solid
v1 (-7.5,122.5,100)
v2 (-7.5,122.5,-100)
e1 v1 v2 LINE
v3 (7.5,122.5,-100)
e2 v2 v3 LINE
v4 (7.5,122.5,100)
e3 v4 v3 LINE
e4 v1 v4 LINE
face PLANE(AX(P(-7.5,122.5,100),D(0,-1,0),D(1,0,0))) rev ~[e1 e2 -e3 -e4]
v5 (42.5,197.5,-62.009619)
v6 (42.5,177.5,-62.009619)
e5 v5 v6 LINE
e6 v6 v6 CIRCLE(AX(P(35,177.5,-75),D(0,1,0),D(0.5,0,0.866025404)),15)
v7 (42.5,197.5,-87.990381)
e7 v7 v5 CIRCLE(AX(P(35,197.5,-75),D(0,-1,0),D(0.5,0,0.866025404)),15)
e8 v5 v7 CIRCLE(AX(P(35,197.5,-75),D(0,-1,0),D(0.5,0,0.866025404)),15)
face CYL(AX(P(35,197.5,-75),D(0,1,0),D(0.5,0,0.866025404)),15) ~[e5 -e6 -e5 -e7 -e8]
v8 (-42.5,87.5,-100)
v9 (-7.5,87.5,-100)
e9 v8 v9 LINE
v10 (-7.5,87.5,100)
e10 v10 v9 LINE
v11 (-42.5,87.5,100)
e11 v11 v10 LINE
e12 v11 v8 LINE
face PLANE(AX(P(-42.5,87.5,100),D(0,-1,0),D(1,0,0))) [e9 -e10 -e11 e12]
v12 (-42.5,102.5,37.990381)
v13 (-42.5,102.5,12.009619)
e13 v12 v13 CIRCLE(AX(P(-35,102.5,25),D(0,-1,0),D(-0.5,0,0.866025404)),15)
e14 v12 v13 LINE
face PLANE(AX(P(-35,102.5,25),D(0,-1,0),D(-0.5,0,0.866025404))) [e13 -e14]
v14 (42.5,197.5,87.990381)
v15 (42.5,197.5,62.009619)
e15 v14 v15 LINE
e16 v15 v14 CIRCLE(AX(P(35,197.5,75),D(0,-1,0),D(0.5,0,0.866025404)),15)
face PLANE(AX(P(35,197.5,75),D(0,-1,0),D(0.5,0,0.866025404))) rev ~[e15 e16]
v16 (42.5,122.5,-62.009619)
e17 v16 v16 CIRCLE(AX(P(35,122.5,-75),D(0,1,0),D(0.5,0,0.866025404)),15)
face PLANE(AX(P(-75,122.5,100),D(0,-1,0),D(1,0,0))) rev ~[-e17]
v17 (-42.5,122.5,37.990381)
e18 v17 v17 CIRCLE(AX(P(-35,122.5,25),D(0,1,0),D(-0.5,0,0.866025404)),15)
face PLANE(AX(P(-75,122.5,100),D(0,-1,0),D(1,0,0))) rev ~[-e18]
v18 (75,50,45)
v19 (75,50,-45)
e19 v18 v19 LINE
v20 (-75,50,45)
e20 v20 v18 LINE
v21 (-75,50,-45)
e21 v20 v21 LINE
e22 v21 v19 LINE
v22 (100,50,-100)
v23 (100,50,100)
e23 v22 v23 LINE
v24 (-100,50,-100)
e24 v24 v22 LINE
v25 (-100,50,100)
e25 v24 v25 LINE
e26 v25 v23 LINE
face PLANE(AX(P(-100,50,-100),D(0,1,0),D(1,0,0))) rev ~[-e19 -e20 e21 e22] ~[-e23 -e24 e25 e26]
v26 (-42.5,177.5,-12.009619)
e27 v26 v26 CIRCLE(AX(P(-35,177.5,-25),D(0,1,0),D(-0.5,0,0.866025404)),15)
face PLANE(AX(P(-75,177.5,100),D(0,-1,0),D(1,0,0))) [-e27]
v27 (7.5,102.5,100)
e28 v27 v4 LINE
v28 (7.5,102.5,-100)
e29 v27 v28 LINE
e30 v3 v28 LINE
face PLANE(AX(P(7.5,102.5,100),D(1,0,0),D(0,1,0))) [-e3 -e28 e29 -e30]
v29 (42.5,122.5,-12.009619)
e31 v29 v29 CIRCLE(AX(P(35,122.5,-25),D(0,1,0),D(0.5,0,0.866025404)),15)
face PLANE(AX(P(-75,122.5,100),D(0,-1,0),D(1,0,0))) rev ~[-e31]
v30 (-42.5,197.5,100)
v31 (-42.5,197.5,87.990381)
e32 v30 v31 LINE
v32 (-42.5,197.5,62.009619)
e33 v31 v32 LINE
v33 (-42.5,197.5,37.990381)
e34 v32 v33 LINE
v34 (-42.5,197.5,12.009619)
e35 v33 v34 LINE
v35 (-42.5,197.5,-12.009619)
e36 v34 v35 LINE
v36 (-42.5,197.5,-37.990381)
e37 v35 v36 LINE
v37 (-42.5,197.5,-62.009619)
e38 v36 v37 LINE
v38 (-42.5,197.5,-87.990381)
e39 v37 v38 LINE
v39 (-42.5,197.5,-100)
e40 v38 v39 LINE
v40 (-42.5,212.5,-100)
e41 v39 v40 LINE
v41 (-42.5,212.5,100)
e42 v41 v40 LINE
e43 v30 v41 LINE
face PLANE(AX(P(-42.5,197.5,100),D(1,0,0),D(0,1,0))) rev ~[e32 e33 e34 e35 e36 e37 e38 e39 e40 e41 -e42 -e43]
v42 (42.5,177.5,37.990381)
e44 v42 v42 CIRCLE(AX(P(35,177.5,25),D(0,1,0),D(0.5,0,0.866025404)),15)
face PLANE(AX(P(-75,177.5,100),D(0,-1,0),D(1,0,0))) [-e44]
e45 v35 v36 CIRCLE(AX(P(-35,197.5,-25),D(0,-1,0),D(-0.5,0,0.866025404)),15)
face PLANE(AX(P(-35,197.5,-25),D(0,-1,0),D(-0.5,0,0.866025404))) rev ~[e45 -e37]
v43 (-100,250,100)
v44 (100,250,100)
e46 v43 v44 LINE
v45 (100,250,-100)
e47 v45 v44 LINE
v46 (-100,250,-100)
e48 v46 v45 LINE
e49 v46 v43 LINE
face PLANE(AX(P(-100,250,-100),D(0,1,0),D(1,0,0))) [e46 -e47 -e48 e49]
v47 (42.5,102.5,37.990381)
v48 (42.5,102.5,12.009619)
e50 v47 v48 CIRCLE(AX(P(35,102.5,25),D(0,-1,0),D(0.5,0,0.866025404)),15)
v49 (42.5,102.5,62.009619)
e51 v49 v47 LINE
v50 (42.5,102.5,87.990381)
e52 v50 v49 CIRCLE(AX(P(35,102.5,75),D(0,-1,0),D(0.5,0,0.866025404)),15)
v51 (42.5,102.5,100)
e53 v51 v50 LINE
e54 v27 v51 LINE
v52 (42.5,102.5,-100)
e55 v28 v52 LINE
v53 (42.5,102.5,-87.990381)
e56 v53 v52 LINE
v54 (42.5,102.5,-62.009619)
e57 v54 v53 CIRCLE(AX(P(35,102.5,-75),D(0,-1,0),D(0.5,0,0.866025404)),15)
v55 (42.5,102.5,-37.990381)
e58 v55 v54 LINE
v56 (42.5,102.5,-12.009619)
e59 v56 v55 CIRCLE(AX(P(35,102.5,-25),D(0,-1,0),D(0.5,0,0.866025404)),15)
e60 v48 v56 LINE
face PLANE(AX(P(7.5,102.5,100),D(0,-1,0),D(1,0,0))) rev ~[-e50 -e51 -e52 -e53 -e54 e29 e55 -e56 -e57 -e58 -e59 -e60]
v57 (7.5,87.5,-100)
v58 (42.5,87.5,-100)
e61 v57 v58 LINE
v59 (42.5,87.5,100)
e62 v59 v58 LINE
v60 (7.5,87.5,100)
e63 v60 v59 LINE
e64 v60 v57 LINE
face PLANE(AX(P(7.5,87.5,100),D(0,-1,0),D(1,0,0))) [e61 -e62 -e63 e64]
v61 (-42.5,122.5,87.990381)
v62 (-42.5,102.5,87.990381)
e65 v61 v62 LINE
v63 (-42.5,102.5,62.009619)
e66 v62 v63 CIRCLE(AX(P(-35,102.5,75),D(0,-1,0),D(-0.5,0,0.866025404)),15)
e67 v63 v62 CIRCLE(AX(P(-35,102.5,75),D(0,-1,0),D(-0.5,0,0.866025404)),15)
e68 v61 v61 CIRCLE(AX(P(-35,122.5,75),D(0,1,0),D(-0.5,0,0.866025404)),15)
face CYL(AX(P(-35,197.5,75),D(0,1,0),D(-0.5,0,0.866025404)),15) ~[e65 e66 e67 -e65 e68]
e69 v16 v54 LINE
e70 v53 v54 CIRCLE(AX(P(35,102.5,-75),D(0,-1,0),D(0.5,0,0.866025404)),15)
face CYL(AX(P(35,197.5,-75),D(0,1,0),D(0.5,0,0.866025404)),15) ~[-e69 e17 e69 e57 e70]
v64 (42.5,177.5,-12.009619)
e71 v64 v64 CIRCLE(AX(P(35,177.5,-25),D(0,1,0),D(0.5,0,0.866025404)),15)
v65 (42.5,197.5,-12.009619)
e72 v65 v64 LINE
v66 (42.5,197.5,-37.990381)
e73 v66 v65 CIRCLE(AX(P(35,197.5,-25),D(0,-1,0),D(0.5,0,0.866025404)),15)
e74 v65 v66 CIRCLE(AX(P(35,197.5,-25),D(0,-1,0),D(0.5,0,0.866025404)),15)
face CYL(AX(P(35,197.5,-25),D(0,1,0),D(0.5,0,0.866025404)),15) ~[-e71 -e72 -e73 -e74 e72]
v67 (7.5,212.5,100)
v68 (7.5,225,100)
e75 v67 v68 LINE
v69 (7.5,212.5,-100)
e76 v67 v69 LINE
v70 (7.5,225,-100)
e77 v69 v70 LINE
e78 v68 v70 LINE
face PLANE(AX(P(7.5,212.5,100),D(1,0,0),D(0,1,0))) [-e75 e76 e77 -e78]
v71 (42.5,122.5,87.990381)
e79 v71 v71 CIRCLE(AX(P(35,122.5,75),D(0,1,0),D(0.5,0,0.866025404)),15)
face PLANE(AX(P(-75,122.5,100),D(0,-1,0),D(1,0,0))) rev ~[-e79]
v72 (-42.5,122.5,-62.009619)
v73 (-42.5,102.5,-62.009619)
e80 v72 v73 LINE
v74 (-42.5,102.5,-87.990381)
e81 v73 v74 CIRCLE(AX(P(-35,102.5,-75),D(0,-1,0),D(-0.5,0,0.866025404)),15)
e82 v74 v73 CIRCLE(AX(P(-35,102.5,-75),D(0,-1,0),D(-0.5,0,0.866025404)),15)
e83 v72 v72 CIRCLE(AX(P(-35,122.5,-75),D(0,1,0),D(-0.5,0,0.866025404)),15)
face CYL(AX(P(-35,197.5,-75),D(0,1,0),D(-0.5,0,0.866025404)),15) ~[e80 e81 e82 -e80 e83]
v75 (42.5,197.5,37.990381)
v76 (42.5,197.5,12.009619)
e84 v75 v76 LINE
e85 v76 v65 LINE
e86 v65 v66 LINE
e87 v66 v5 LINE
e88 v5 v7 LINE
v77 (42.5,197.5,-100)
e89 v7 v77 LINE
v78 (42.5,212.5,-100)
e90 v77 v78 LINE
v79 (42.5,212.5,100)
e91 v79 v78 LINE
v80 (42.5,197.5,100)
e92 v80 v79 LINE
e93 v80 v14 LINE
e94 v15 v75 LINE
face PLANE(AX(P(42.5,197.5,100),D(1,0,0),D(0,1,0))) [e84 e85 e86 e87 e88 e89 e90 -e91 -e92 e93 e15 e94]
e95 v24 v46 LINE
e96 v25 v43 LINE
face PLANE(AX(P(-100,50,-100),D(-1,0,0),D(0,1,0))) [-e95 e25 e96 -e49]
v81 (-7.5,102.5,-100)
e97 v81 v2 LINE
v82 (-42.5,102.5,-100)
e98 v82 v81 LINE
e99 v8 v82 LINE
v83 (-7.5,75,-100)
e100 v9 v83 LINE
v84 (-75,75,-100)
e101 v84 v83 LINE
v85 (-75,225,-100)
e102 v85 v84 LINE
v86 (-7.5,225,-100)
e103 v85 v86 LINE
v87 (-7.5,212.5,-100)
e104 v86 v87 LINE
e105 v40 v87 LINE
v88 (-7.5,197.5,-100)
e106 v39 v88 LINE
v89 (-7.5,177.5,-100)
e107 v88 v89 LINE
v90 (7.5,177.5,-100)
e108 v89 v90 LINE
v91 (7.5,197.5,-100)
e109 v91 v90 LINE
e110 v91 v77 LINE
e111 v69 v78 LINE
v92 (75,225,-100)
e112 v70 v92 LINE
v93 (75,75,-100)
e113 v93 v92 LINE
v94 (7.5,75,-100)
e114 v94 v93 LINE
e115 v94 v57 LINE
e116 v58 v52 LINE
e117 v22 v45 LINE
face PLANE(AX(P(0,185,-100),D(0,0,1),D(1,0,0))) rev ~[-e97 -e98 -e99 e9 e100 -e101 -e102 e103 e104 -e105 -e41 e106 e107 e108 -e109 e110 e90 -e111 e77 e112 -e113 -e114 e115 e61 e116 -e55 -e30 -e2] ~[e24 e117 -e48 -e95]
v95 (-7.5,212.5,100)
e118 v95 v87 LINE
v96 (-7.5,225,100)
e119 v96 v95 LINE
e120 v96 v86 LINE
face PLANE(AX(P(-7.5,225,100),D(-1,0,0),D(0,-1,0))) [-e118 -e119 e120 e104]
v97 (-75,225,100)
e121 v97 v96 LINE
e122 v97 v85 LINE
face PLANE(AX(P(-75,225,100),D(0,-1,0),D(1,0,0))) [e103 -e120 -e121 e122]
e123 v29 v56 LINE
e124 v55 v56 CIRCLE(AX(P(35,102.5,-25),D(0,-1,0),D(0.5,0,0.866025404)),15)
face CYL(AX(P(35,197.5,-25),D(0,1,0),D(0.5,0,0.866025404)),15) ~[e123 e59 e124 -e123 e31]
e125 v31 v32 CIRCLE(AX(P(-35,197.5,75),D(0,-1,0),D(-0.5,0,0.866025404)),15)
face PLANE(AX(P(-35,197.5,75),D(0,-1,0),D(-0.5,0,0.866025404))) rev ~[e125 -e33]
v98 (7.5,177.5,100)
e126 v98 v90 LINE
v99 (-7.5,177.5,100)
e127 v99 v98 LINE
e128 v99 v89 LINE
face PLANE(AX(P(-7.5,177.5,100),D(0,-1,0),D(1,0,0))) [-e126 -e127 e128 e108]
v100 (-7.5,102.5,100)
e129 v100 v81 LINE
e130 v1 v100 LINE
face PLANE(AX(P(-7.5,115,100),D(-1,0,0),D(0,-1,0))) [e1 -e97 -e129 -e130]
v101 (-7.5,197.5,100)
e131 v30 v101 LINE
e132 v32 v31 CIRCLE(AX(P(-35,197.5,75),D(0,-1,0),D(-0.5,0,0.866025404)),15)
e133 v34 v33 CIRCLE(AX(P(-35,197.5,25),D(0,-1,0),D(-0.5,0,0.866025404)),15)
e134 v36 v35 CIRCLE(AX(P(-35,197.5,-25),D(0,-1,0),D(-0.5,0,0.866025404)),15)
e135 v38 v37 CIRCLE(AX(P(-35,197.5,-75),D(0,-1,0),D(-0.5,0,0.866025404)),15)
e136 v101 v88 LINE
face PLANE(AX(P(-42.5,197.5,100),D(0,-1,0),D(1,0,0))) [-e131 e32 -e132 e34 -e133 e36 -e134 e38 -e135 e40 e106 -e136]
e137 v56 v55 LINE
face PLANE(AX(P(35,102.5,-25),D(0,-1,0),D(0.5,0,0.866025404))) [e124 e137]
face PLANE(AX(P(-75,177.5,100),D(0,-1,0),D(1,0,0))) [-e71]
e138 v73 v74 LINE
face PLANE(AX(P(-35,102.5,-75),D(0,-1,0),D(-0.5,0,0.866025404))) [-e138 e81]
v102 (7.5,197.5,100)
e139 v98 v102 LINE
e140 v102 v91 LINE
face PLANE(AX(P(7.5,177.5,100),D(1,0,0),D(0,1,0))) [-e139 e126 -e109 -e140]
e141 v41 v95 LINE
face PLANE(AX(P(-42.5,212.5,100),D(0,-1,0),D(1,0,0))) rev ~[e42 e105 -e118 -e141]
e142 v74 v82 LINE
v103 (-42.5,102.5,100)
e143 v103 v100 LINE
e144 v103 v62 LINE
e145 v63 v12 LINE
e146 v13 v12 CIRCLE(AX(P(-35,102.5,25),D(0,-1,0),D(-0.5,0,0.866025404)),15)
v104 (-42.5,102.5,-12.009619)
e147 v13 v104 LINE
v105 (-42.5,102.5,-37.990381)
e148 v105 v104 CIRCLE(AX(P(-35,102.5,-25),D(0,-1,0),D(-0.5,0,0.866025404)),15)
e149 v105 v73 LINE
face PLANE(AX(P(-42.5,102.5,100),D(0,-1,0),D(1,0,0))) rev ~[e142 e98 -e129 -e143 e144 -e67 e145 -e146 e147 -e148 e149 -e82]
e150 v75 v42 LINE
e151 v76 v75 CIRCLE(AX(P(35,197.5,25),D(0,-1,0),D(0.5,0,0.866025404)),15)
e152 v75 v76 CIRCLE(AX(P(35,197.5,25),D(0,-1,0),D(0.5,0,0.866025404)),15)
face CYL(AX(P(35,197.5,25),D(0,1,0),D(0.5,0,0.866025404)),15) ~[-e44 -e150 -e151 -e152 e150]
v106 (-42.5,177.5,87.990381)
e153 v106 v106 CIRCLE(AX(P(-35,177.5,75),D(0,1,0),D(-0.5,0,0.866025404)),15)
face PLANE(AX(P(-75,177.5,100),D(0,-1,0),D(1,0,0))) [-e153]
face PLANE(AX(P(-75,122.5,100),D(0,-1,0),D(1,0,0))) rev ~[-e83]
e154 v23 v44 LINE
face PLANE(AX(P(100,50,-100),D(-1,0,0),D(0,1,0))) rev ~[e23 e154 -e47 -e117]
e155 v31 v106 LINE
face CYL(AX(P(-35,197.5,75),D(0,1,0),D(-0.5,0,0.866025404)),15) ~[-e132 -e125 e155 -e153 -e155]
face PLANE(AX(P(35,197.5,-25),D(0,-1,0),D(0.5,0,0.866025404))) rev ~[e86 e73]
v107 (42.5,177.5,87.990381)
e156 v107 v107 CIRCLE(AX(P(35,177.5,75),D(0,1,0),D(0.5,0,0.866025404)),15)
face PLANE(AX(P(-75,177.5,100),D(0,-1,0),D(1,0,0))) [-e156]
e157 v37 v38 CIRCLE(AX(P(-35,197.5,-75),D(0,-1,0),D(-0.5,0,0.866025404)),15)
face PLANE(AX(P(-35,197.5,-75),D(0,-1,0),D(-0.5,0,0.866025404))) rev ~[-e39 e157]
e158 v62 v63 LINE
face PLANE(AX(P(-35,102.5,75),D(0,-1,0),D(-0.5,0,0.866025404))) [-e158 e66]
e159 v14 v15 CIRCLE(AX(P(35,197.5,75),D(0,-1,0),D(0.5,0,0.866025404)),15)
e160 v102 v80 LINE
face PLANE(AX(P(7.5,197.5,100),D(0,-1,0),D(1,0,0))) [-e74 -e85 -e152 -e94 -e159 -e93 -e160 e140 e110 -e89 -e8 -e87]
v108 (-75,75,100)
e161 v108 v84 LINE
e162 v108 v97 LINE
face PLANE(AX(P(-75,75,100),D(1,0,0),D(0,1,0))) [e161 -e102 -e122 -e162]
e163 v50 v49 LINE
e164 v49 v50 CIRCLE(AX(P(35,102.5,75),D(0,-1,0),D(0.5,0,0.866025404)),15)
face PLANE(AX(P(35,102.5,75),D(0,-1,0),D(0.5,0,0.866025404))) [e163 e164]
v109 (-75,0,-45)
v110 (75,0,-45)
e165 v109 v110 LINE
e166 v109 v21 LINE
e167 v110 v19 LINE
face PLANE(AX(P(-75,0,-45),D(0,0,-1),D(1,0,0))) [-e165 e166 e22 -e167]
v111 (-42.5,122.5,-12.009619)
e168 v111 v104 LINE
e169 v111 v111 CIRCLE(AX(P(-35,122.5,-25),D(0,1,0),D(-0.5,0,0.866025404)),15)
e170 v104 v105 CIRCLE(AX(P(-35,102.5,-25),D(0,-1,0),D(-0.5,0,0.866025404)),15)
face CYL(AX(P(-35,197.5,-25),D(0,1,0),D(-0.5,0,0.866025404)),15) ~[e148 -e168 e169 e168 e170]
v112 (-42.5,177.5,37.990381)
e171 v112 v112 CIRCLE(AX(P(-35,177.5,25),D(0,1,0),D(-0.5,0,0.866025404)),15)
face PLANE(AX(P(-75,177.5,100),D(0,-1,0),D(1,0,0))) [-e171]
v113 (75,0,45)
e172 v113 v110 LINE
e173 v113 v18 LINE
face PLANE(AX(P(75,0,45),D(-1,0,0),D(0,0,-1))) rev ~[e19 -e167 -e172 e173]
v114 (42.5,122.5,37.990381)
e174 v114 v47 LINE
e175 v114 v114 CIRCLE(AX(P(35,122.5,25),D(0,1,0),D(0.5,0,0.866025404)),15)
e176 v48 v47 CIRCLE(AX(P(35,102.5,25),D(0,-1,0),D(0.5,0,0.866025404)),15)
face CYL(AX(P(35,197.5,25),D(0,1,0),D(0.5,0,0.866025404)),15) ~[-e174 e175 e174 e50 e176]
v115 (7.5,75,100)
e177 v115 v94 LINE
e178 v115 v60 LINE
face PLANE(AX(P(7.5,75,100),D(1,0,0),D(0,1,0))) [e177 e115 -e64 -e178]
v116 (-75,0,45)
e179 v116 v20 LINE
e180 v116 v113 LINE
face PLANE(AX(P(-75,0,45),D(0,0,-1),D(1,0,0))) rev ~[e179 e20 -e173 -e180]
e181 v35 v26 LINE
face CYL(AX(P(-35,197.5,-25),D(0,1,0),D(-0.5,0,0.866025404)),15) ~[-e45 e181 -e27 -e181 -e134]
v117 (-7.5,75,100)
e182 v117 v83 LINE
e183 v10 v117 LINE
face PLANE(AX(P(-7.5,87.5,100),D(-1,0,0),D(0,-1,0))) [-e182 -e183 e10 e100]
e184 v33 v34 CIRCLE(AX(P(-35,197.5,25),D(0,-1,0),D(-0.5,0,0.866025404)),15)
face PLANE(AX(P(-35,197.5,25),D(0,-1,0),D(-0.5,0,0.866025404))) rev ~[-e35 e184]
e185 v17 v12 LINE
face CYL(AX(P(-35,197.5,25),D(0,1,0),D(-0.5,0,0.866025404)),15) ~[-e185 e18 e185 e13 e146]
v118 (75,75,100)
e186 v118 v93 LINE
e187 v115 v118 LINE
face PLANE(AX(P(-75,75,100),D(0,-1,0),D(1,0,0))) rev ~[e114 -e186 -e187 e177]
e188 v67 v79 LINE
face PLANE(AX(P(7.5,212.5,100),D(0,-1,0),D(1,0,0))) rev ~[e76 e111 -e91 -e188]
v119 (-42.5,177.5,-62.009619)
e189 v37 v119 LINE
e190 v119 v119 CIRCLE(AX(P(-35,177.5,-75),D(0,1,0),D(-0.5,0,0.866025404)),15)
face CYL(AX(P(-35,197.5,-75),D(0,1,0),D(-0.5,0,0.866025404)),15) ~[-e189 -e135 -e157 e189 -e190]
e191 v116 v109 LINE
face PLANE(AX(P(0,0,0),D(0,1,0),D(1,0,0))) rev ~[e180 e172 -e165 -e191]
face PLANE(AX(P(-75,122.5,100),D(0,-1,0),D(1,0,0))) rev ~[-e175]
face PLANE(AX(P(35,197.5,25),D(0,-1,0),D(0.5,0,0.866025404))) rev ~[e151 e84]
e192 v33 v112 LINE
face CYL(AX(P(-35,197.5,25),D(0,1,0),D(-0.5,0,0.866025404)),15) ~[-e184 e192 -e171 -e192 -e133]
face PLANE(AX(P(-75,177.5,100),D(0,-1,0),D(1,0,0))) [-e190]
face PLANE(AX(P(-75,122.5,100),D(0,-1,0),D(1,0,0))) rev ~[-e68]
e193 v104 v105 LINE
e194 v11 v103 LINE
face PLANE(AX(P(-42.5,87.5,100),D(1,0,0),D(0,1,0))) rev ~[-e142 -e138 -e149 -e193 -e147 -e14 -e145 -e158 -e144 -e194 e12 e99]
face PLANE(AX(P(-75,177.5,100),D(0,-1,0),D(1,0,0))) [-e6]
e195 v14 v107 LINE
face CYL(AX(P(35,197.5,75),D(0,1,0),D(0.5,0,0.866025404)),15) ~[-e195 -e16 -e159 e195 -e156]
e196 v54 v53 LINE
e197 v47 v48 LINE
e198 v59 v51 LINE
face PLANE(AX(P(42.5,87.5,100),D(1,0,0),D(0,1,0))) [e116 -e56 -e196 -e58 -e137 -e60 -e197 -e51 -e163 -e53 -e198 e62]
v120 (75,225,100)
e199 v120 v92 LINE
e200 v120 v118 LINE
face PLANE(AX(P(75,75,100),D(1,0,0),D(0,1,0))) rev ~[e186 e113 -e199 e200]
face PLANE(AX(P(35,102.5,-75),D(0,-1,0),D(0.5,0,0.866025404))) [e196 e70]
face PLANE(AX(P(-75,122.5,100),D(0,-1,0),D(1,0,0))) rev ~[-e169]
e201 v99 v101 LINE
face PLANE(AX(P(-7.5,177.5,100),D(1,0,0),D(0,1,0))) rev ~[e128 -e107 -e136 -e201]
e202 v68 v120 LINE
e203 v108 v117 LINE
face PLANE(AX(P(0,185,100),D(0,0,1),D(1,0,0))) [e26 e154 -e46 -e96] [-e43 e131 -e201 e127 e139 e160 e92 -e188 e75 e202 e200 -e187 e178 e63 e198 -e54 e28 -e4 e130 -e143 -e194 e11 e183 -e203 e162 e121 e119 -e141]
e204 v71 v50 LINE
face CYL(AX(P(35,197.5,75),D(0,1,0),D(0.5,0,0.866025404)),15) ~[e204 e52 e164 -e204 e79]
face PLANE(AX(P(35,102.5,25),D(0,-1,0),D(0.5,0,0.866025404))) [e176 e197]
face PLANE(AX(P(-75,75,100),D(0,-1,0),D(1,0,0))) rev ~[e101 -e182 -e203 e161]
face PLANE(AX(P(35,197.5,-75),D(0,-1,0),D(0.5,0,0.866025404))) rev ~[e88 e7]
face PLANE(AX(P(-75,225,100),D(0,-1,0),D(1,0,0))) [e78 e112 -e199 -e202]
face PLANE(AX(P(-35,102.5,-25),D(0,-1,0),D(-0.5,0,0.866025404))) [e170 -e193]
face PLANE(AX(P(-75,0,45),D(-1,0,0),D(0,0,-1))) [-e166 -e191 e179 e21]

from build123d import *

# Parameters (mm, degrees)
SKETCH1_W           = 150
SKETCH1_H           = 90
BOSS_EXTRUDE1_DEPTH = 50
BOSS_EXTRUDE2_START = -100
SKETCH2_W           = 200
SKETCH2_H           = 200
BOSS_EXTRUDE2_DEPTH = 200
SKETCH3_W           = 150
SKETCH3_H           = 150
CUT_EXTRUDE1_DEPTH  = 200
SKETCH4_W           = 15
SKETCH4_H           = 15
SKETCH4_H_2         = 12.5
SKETCH4_W_2         = 35
BOSS_EXTRUDE3_DEPTH = 200
SKETCH6_W           = 15
SKETCH6_H           = 15
BOSS_EXTRUDE4_DEPTH = 200
SKETCH5_R           = 15
BOSS_EXTRUDE5_DEPTH = 95
SKETCH7_W           = 150
SKETCH7_H           = 55
CUT_EXTRUDE2_DEPTH  = 200


with BuildPart() as part:
    # Sketch1 → Boss-Extrude1 (new body)
    with BuildSketch(Plane(origin=(0, 0, 0), x_dir=(1, 0, 0), z_dir=(0, 1, 0))):
        Rectangle(SKETCH1_W, SKETCH1_H)
    extrude(amount=BOSS_EXTRUDE1_DEPTH)

    # Sketch2 → Boss-Extrude2 (add)
    with BuildSketch(Plane.XY.offset(BOSS_EXTRUDE2_START)):
        with Locations((0, 150)):
            Rectangle(SKETCH2_W, SKETCH2_H)
    extrude(amount=BOSS_EXTRUDE2_DEPTH)

    # Sketch3 → Cut-Extrude1 (cut)
    with BuildSketch(Plane.XY.offset(100)):
        with Locations((0, 150)):
            Rectangle(SKETCH3_W, SKETCH3_H)
    extrude(amount=-CUT_EXTRUDE1_DEPTH, mode=Mode.SUBTRACT)

    # Sketch4 → Boss-Extrude3 (add)
    with BuildSketch(Plane.XY.offset(100)):
        with Locations((0, 205)):
            Rectangle(SKETCH4_W, SKETCH4_H)
        with Locations((0, 218.75)):
            Rectangle(SKETCH4_W, SKETCH4_H_2)
        with Locations((-25, 205)):
            Rectangle(SKETCH4_W_2, SKETCH4_H)
        with Locations((25, 205)):
            Rectangle(SKETCH4_W_2, SKETCH4_H)
        with Locations((0, 191.25)):
            Rectangle(SKETCH4_W, SKETCH4_H_2)
        with Locations((0, 108.75)):
            Rectangle(SKETCH4_W, SKETCH4_H_2)
        with Locations((0, 95)):
            Rectangle(SKETCH4_W, SKETCH4_H)
        with Locations((0, 81.25)):
            Rectangle(SKETCH4_W, SKETCH4_H_2)
        with Locations((-25, 95)):
            Rectangle(SKETCH4_W_2, SKETCH4_H)
        with Locations((25, 95)):
            Rectangle(SKETCH4_W_2, SKETCH4_H)
    extrude(amount=-BOSS_EXTRUDE3_DEPTH)

    # Sketch6 → Boss-Extrude4 (add)
    with BuildSketch(Plane.XY.offset(100)):
        with Locations((0, 185)):
            Rectangle(SKETCH6_W, SKETCH6_H)
        with Locations((0, 115)):
            Rectangle(SKETCH6_W, SKETCH6_H)
    extrude(amount=-BOSS_EXTRUDE4_DEPTH)

    # Sketch5 → Boss-Extrude5 (add)
    with BuildSketch(Plane.XZ.offset(-197.5)):
        with Locations(Location((35, 75, 0), (0, 0, 60))):
            Circle(SKETCH5_R)
        with Locations(Location((35, 25, 0), (0, 0, 60))):
            Circle(SKETCH5_R)
        with Locations(Location((35, -25, 0), (0, 0, 60))):
            Circle(SKETCH5_R)
        with Locations(Location((35, -75, 0), (0, 0, 60))):
            Circle(SKETCH5_R)
        with Locations(Location((-35, 75, 0), (0, 0, 120))):
            Circle(SKETCH5_R)
        with Locations(Location((-35, 25, 0), (0, 0, 120))):
            Circle(SKETCH5_R)
        with Locations(Location((-35, -25, 0), (0, 0, 120))):
            Circle(SKETCH5_R)
        with Locations(Location((-35, -75, 0), (0, 0, 120))):
            Circle(SKETCH5_R)
    extrude(amount=BOSS_EXTRUDE5_DEPTH)

    # Sketch7 → Cut-Extrude2 (cut)
    with BuildSketch(Plane.XY.offset(100)):
        with Locations((0, 150)):
            Rectangle(SKETCH7_W, SKETCH7_H)
    extrude(amount=-CUT_EXTRUDE2_DEPTH, mode=Mode.SUBTRACT)


solid = part.part
